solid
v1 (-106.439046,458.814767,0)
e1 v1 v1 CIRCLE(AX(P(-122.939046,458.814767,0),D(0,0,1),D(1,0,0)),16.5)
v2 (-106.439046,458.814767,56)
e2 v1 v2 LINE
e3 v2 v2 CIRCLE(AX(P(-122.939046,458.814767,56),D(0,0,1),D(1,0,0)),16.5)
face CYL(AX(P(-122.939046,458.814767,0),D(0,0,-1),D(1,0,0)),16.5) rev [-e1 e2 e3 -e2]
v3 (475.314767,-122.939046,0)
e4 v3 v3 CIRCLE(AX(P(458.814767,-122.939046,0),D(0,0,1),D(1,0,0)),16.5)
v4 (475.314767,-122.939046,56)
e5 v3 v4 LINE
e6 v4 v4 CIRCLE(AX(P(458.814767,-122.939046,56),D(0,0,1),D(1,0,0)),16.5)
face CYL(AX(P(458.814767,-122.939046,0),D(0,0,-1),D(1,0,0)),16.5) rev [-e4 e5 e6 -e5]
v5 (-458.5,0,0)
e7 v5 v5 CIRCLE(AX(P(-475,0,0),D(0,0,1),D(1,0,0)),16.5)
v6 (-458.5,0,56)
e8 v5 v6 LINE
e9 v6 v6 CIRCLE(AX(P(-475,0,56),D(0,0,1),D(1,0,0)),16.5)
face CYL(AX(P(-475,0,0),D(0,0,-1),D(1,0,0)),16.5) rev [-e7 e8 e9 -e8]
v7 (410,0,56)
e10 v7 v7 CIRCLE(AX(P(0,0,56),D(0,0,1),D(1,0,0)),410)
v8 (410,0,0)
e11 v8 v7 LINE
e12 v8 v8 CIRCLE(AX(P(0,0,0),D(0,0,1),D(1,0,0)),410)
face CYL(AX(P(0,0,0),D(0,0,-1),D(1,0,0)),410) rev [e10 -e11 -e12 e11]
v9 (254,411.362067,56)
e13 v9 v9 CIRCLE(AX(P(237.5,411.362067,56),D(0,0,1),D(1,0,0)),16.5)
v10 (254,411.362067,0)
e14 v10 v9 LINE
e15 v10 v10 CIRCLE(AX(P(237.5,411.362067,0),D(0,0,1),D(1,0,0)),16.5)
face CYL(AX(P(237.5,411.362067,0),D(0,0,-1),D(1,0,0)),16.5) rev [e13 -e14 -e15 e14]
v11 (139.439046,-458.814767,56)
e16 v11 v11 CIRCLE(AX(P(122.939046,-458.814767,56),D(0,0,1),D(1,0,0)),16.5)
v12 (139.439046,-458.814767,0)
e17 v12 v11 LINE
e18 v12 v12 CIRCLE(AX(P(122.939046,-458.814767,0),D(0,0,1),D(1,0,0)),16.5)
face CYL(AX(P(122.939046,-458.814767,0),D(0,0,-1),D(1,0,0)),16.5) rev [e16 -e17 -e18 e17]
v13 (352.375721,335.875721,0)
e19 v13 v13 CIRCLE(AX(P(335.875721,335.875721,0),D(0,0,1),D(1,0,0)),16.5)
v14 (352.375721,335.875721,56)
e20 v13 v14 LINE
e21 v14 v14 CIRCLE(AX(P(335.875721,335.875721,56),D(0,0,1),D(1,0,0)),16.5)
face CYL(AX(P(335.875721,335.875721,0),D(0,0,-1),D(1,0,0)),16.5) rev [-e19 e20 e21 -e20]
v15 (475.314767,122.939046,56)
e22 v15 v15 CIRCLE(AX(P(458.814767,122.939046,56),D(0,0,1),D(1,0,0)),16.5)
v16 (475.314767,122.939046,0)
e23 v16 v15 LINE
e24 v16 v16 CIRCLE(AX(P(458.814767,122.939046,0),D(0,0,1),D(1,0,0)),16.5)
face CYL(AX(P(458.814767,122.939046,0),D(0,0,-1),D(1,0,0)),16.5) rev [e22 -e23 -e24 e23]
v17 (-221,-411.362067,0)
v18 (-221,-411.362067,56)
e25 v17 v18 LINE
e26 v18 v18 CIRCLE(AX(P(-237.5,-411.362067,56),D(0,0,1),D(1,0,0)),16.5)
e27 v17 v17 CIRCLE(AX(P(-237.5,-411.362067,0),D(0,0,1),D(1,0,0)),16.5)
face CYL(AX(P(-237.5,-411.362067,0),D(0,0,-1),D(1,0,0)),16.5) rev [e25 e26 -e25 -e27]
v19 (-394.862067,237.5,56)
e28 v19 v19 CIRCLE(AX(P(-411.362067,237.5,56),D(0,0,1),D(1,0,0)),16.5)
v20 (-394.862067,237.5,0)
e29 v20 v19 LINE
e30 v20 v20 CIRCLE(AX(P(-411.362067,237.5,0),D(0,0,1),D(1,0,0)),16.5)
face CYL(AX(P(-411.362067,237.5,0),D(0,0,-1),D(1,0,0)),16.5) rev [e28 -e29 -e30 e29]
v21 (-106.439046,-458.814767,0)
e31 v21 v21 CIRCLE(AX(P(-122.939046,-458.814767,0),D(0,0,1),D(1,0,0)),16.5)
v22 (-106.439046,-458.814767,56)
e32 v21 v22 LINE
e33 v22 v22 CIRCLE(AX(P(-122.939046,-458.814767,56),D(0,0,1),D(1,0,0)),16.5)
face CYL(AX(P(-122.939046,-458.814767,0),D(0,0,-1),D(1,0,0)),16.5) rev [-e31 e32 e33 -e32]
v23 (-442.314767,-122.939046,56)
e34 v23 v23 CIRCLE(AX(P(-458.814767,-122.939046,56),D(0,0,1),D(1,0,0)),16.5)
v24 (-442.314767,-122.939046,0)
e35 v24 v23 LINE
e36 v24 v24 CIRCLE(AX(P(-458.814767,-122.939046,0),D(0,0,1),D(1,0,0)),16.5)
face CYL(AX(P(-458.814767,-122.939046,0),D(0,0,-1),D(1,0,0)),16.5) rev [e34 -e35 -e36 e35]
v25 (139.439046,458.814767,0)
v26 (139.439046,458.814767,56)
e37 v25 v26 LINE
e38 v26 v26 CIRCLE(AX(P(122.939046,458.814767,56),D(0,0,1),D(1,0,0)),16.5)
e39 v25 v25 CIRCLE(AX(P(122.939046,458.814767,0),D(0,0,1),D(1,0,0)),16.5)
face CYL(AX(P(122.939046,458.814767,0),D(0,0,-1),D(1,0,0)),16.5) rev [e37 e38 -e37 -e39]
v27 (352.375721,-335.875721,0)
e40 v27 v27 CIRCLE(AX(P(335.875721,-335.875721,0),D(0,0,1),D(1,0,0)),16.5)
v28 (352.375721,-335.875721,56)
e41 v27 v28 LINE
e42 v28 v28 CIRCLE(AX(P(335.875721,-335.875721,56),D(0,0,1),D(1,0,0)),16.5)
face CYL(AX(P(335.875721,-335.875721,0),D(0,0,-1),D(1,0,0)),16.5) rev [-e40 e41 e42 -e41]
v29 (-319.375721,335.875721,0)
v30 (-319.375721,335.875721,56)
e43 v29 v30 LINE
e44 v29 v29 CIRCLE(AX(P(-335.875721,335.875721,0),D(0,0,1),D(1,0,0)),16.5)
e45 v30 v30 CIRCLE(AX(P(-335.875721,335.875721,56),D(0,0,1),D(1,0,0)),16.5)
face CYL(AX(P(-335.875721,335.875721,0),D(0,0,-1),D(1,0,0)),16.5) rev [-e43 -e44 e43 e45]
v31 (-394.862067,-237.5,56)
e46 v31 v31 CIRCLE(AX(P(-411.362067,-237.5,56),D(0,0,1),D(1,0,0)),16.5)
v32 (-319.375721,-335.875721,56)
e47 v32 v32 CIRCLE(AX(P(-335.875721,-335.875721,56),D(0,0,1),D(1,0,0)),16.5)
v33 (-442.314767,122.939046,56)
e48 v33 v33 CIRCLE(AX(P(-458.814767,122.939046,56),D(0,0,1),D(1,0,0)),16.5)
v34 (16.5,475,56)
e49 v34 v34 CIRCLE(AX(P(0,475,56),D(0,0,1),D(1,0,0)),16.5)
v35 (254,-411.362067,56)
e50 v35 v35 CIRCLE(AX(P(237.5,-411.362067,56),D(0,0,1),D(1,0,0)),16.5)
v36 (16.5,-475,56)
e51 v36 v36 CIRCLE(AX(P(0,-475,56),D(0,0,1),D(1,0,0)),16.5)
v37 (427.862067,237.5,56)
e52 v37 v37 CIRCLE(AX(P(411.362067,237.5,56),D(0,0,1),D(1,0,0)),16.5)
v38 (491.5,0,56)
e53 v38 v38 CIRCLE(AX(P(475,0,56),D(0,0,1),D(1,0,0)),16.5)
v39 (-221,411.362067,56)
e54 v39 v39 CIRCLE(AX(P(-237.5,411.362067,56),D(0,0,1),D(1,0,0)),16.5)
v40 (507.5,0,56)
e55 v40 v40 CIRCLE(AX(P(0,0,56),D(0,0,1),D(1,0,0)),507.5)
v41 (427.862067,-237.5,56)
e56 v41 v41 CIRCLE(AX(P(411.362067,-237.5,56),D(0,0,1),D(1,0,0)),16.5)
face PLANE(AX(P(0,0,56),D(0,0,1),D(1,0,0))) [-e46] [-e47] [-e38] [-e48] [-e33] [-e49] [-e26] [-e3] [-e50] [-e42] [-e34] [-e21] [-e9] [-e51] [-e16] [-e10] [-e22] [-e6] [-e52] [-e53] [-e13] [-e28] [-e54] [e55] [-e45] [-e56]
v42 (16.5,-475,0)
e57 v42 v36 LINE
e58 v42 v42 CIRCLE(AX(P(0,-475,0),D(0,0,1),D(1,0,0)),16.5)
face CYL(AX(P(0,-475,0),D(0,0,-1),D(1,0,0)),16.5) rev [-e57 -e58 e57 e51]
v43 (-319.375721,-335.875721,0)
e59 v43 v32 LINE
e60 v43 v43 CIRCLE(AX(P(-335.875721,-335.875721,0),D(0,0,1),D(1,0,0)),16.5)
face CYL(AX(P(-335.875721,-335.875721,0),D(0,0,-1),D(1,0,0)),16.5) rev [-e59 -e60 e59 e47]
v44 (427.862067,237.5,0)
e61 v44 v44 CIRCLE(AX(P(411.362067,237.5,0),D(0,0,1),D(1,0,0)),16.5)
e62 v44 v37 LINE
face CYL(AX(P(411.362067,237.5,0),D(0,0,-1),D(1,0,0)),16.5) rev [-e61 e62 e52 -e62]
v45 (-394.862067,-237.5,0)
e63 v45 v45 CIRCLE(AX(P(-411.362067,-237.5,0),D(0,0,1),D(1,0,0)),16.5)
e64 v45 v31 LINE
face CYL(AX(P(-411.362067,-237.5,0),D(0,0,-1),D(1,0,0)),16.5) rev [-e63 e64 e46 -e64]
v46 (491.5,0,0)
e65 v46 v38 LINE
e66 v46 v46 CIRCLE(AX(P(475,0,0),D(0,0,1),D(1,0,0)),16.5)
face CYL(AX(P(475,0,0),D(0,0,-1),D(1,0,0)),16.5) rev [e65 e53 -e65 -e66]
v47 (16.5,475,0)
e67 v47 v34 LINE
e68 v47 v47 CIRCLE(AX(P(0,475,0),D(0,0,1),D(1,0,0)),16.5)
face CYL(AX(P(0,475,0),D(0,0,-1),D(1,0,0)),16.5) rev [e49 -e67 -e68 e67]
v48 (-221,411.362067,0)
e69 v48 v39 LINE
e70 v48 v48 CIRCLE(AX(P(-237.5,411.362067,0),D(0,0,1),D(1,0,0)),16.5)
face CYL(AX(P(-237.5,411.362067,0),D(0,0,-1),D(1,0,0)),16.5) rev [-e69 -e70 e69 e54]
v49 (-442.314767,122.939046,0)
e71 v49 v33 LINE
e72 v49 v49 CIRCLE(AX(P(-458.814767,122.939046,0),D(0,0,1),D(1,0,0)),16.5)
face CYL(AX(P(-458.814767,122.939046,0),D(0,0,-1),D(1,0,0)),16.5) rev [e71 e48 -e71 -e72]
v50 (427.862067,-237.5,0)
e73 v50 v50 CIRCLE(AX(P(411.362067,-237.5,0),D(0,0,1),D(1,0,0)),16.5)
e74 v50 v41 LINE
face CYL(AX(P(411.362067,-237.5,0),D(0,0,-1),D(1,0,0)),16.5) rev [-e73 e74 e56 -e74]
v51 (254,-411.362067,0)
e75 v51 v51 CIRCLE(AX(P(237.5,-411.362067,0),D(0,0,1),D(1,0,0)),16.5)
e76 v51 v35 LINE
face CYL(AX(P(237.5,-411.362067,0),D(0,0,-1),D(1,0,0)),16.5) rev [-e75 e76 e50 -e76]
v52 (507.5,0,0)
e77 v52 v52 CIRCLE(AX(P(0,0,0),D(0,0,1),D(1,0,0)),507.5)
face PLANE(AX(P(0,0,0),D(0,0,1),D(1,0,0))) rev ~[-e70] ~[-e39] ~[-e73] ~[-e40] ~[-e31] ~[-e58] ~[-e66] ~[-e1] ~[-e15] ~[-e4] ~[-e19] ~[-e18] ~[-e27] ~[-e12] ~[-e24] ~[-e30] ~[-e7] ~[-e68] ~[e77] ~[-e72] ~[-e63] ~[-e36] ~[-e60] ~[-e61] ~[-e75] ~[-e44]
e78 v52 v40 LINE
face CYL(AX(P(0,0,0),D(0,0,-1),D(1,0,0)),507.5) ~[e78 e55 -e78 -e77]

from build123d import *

# Parameters (mm, degrees)
F0_R     = 507.5
F0_R_2   = 16.5
F0_R_3   = 410
F1_DEPTH = 56


with BuildPart() as f1:
    # F0 (on Top) → F1 (new body)
    with BuildSketch(Plane.XY):
        Circle(F0_R)
        with Locations((-335.875721, -335.875721)):
            Circle(F0_R_2, mode=Mode.SUBTRACT)
        with Locations((-237.5, -411.362067)):
            Circle(F0_R_2, mode=Mode.SUBTRACT)
        with Locations((-122.939046, -458.814767)):
            Circle(F0_R_2, mode=Mode.SUBTRACT)
        with Locations((0, -475)):
            Circle(F0_R_2, mode=Mode.SUBTRACT)
        with Locations((-411.362067, -237.5)):
            Circle(F0_R_2, mode=Mode.SUBTRACT)
        with Locations((-458.814767, -122.939046)):
            Circle(F0_R_2, mode=Mode.SUBTRACT)
        with Locations((-475, 0)):
            Circle(F0_R_2, mode=Mode.SUBTRACT)
        Circle(F0_R_3, mode=Mode.SUBTRACT)
        with Locations((122.939046, -458.814767)):
            Circle(F0_R_2, mode=Mode.SUBTRACT)
        with Locations((237.5, -411.362067)):
            Circle(F0_R_2, mode=Mode.SUBTRACT)
        with Locations((335.875721, -335.875721)):
            Circle(F0_R_2, mode=Mode.SUBTRACT)
        with Locations((411.362067, -237.5)):
            Circle(F0_R_2, mode=Mode.SUBTRACT)
        with Locations((458.814767, -122.939046)):
            Circle(F0_R_2, mode=Mode.SUBTRACT)
        with Locations((475, 0)):
            Circle(F0_R_2, mode=Mode.SUBTRACT)
        with Locations((-458.814767, 122.939046)):
            Circle(F0_R_2, mode=Mode.SUBTRACT)
        with Locations((-411.362067, 237.5)):
            Circle(F0_R_2, mode=Mode.SUBTRACT)
        with Locations((-335.875721, 335.875721)):
            Circle(F0_R_2, mode=Mode.SUBTRACT)
        with Locations((-237.5, 411.362067)):
            Circle(F0_R_2, mode=Mode.SUBTRACT)
        with Locations((-122.939046, 458.814767)):
            Circle(F0_R_2, mode=Mode.SUBTRACT)
        with Locations((0, 475)):
            Circle(F0_R_2, mode=Mode.SUBTRACT)
        with Locations((458.814767, 122.939046)):
            Circle(F0_R_2, mode=Mode.SUBTRACT)
        with Locations((411.362067, 237.5)):
            Circle(F0_R_2, mode=Mode.SUBTRACT)
        with Locations((122.939046, 458.814767)):
            Circle(F0_R_2, mode=Mode.SUBTRACT)
        with Locations((237.5, 411.362067)):
            Circle(F0_R_2, mode=Mode.SUBTRACT)
        with Locations((335.875721, 335.875721)):
            Circle(F0_R_2, mode=Mode.SUBTRACT)
    extrude(amount=F1_DEPTH)


solid = f1.part
